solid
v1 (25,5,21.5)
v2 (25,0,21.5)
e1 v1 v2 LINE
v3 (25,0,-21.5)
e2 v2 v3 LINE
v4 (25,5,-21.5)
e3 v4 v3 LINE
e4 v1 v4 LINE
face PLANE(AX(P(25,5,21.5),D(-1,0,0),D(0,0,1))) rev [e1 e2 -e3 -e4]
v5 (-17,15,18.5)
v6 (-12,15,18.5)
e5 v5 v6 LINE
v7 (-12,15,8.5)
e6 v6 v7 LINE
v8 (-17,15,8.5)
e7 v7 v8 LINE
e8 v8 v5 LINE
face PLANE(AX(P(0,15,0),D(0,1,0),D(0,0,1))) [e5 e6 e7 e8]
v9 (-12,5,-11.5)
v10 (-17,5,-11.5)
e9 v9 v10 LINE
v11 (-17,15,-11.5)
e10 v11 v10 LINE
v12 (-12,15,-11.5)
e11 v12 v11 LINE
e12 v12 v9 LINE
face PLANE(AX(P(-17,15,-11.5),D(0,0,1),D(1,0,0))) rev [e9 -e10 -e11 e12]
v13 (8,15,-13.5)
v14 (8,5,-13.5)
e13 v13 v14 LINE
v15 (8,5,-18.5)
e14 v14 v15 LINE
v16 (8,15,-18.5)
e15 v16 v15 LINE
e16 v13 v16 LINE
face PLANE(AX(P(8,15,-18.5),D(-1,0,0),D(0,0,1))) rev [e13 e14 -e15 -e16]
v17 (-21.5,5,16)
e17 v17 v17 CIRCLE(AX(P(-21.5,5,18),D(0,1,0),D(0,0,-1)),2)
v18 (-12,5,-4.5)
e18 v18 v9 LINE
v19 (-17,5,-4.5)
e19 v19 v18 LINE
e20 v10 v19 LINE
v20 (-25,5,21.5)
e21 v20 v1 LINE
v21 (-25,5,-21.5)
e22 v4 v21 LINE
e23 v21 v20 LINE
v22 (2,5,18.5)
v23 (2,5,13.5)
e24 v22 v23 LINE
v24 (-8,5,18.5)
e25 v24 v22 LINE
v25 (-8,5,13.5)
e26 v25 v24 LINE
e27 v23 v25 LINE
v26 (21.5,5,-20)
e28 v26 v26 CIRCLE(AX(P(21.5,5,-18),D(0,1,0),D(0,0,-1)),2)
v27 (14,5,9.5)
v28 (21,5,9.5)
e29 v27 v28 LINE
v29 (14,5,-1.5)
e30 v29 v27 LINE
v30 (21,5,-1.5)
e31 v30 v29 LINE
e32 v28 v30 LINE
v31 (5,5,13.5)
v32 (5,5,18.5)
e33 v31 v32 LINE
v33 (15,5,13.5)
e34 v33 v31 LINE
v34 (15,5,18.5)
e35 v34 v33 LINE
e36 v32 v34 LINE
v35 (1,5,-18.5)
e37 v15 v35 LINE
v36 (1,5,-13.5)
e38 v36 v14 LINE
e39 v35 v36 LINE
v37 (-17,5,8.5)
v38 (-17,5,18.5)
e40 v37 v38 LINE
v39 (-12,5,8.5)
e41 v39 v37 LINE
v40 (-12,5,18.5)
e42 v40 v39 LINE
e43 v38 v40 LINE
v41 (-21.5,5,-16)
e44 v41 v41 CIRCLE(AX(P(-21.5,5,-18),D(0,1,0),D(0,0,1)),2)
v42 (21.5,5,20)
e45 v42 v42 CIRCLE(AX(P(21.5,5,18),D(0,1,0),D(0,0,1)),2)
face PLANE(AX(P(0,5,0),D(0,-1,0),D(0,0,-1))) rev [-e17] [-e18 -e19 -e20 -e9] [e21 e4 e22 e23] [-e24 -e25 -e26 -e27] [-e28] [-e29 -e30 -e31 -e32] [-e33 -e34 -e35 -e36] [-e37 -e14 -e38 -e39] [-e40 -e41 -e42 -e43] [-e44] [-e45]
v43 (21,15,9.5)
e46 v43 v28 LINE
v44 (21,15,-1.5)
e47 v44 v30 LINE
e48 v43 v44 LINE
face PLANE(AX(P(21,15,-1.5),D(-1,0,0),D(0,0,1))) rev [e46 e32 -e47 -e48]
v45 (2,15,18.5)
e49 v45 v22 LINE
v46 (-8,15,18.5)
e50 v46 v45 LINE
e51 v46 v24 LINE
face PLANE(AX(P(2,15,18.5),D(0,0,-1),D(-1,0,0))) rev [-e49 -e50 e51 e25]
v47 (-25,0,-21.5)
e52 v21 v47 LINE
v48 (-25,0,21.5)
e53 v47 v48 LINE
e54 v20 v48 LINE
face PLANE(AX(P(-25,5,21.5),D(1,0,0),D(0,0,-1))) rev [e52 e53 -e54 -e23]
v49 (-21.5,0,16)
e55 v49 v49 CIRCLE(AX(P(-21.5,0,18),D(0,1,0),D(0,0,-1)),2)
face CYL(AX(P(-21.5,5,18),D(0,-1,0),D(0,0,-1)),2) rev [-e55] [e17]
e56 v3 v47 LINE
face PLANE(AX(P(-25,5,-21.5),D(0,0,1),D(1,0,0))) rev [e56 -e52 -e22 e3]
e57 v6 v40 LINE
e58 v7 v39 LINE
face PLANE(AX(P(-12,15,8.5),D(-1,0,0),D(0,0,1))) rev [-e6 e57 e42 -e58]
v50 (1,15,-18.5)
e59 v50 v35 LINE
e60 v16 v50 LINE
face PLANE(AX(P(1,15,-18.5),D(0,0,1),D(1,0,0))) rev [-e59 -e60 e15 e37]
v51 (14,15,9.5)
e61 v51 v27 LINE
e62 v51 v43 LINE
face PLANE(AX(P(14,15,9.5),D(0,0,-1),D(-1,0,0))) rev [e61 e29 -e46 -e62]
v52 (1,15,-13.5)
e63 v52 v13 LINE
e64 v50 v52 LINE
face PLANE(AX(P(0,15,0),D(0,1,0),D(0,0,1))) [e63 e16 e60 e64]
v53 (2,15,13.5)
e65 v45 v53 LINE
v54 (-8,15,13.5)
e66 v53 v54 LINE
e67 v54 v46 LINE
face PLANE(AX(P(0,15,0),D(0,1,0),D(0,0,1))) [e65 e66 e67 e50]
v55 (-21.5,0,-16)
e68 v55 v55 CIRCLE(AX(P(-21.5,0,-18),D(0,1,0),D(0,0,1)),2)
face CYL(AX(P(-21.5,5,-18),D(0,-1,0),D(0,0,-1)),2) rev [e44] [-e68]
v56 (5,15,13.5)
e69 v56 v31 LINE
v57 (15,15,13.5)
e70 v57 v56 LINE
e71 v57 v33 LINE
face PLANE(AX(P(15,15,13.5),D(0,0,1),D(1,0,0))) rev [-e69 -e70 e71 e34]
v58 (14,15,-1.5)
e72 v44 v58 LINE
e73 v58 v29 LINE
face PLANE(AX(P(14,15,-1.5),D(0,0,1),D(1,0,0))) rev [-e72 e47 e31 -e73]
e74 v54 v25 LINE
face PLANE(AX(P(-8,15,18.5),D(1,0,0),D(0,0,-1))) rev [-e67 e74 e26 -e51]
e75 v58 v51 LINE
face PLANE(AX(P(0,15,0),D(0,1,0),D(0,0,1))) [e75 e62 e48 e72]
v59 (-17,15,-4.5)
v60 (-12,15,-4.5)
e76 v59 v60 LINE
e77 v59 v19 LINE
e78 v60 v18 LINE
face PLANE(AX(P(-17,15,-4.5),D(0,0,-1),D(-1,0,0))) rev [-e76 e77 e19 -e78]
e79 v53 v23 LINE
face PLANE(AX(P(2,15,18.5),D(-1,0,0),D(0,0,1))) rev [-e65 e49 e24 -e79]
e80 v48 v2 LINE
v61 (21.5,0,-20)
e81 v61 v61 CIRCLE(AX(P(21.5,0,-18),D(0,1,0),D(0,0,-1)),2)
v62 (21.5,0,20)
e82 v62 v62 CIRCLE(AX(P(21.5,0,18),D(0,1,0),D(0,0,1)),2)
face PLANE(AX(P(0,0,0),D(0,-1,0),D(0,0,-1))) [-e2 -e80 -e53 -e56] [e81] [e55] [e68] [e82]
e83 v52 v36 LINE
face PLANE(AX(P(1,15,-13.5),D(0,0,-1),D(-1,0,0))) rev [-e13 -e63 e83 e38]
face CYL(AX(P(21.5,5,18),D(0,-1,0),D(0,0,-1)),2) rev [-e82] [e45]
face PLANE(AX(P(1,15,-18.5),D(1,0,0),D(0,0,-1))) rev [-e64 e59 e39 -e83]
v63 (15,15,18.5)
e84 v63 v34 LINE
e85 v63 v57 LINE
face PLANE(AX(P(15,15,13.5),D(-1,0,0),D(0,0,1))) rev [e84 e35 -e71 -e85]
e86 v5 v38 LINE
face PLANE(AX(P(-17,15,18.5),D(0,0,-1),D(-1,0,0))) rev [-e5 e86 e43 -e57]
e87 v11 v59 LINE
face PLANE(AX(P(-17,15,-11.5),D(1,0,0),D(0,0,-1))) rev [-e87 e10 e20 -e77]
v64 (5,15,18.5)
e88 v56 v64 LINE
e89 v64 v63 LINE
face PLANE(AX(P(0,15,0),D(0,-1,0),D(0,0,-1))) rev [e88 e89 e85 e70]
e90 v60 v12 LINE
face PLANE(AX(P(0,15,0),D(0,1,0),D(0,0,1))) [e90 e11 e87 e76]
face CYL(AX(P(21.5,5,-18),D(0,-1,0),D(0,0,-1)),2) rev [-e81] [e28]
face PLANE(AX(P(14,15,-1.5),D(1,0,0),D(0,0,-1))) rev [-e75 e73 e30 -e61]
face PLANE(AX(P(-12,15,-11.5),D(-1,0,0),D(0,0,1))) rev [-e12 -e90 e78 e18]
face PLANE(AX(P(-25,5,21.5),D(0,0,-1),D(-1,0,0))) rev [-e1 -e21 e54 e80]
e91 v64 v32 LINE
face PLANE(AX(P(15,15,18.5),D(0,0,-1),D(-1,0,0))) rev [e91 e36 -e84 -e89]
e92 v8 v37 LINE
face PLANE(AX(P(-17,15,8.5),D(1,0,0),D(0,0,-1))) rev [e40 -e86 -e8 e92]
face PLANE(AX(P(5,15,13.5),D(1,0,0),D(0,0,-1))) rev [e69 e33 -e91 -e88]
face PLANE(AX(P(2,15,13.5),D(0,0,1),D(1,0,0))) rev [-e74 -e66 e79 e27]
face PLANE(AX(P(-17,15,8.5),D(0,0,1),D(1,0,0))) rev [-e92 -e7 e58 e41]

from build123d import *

# Parameters (mm, degrees)
ESQUISSE1_W        = 50
ESQUISSE1_H        = 43
ESQUISSE1_R        = 2
BOSS_EXTRU_1_DEPTH = 5
ESQUISSE2_W        = 5
ESQUISSE2_H        = 10
ESQUISSE2_H_2      = 7
ESQUISSE2_W_2      = 7
ESQUISSE2_H_3      = 5
ESQUISSE2_H_4      = 11
ESQUISSE2_W_3      = 10
BOSS_EXTRU_2_DEPTH = 15


with BuildPart() as part:
    # Esquisse1 → Boss.-Extru.1 (new body)
    with BuildSketch(Plane(origin=(0, 0, 0), x_dir=(1, 0, 0), z_dir=(0, 1, 0))):
        Rectangle(ESQUISSE1_W, ESQUISSE1_H)
        with Locations(Location((-21.5, 18, 0), (0, 0, 270))):
            Circle(ESQUISSE1_R, mode=Mode.SUBTRACT)
        with Locations(Location((21.5, 18, 0), (0, 0, 90))):
            Circle(ESQUISSE1_R, mode=Mode.SUBTRACT)
        with Locations(Location((21.5, -18, 0), (0, 0, 270))):
            Circle(ESQUISSE1_R, mode=Mode.SUBTRACT)
        with Locations(Location((-21.5, -18, 0), (0, 0, 90))):
            Circle(ESQUISSE1_R, mode=Mode.SUBTRACT)
    extrude(amount=BOSS_EXTRU_1_DEPTH)

    # Esquisse2 → Boss.-Extru.2 (add)
    with BuildSketch(Plane(origin=(0, 0, 0), x_dir=(1, 0, 0), z_dir=(0, 1, 0))):
        with Locations((-14.5, -13.5)):
            Rectangle(ESQUISSE2_W, ESQUISSE2_H)
        with Locations((-14.5, 8)):
            Rectangle(ESQUISSE2_W, ESQUISSE2_H_2)
        with Locations((4.5, 16)):
            Rectangle(ESQUISSE2_W_2, ESQUISSE2_H_3)
        with Locations((17.5, -4)):
            Rectangle(ESQUISSE2_W_2, ESQUISSE2_H_4)
        with Locations((10, -16)):
            Rectangle(ESQUISSE2_W_3, ESQUISSE2_H_3)
        with Locations((-3, -16)):
            Rectangle(ESQUISSE2_W_3, ESQUISSE2_H_3)
    extrude(amount=BOSS_EXTRU_2_DEPTH)


solid = part.part
